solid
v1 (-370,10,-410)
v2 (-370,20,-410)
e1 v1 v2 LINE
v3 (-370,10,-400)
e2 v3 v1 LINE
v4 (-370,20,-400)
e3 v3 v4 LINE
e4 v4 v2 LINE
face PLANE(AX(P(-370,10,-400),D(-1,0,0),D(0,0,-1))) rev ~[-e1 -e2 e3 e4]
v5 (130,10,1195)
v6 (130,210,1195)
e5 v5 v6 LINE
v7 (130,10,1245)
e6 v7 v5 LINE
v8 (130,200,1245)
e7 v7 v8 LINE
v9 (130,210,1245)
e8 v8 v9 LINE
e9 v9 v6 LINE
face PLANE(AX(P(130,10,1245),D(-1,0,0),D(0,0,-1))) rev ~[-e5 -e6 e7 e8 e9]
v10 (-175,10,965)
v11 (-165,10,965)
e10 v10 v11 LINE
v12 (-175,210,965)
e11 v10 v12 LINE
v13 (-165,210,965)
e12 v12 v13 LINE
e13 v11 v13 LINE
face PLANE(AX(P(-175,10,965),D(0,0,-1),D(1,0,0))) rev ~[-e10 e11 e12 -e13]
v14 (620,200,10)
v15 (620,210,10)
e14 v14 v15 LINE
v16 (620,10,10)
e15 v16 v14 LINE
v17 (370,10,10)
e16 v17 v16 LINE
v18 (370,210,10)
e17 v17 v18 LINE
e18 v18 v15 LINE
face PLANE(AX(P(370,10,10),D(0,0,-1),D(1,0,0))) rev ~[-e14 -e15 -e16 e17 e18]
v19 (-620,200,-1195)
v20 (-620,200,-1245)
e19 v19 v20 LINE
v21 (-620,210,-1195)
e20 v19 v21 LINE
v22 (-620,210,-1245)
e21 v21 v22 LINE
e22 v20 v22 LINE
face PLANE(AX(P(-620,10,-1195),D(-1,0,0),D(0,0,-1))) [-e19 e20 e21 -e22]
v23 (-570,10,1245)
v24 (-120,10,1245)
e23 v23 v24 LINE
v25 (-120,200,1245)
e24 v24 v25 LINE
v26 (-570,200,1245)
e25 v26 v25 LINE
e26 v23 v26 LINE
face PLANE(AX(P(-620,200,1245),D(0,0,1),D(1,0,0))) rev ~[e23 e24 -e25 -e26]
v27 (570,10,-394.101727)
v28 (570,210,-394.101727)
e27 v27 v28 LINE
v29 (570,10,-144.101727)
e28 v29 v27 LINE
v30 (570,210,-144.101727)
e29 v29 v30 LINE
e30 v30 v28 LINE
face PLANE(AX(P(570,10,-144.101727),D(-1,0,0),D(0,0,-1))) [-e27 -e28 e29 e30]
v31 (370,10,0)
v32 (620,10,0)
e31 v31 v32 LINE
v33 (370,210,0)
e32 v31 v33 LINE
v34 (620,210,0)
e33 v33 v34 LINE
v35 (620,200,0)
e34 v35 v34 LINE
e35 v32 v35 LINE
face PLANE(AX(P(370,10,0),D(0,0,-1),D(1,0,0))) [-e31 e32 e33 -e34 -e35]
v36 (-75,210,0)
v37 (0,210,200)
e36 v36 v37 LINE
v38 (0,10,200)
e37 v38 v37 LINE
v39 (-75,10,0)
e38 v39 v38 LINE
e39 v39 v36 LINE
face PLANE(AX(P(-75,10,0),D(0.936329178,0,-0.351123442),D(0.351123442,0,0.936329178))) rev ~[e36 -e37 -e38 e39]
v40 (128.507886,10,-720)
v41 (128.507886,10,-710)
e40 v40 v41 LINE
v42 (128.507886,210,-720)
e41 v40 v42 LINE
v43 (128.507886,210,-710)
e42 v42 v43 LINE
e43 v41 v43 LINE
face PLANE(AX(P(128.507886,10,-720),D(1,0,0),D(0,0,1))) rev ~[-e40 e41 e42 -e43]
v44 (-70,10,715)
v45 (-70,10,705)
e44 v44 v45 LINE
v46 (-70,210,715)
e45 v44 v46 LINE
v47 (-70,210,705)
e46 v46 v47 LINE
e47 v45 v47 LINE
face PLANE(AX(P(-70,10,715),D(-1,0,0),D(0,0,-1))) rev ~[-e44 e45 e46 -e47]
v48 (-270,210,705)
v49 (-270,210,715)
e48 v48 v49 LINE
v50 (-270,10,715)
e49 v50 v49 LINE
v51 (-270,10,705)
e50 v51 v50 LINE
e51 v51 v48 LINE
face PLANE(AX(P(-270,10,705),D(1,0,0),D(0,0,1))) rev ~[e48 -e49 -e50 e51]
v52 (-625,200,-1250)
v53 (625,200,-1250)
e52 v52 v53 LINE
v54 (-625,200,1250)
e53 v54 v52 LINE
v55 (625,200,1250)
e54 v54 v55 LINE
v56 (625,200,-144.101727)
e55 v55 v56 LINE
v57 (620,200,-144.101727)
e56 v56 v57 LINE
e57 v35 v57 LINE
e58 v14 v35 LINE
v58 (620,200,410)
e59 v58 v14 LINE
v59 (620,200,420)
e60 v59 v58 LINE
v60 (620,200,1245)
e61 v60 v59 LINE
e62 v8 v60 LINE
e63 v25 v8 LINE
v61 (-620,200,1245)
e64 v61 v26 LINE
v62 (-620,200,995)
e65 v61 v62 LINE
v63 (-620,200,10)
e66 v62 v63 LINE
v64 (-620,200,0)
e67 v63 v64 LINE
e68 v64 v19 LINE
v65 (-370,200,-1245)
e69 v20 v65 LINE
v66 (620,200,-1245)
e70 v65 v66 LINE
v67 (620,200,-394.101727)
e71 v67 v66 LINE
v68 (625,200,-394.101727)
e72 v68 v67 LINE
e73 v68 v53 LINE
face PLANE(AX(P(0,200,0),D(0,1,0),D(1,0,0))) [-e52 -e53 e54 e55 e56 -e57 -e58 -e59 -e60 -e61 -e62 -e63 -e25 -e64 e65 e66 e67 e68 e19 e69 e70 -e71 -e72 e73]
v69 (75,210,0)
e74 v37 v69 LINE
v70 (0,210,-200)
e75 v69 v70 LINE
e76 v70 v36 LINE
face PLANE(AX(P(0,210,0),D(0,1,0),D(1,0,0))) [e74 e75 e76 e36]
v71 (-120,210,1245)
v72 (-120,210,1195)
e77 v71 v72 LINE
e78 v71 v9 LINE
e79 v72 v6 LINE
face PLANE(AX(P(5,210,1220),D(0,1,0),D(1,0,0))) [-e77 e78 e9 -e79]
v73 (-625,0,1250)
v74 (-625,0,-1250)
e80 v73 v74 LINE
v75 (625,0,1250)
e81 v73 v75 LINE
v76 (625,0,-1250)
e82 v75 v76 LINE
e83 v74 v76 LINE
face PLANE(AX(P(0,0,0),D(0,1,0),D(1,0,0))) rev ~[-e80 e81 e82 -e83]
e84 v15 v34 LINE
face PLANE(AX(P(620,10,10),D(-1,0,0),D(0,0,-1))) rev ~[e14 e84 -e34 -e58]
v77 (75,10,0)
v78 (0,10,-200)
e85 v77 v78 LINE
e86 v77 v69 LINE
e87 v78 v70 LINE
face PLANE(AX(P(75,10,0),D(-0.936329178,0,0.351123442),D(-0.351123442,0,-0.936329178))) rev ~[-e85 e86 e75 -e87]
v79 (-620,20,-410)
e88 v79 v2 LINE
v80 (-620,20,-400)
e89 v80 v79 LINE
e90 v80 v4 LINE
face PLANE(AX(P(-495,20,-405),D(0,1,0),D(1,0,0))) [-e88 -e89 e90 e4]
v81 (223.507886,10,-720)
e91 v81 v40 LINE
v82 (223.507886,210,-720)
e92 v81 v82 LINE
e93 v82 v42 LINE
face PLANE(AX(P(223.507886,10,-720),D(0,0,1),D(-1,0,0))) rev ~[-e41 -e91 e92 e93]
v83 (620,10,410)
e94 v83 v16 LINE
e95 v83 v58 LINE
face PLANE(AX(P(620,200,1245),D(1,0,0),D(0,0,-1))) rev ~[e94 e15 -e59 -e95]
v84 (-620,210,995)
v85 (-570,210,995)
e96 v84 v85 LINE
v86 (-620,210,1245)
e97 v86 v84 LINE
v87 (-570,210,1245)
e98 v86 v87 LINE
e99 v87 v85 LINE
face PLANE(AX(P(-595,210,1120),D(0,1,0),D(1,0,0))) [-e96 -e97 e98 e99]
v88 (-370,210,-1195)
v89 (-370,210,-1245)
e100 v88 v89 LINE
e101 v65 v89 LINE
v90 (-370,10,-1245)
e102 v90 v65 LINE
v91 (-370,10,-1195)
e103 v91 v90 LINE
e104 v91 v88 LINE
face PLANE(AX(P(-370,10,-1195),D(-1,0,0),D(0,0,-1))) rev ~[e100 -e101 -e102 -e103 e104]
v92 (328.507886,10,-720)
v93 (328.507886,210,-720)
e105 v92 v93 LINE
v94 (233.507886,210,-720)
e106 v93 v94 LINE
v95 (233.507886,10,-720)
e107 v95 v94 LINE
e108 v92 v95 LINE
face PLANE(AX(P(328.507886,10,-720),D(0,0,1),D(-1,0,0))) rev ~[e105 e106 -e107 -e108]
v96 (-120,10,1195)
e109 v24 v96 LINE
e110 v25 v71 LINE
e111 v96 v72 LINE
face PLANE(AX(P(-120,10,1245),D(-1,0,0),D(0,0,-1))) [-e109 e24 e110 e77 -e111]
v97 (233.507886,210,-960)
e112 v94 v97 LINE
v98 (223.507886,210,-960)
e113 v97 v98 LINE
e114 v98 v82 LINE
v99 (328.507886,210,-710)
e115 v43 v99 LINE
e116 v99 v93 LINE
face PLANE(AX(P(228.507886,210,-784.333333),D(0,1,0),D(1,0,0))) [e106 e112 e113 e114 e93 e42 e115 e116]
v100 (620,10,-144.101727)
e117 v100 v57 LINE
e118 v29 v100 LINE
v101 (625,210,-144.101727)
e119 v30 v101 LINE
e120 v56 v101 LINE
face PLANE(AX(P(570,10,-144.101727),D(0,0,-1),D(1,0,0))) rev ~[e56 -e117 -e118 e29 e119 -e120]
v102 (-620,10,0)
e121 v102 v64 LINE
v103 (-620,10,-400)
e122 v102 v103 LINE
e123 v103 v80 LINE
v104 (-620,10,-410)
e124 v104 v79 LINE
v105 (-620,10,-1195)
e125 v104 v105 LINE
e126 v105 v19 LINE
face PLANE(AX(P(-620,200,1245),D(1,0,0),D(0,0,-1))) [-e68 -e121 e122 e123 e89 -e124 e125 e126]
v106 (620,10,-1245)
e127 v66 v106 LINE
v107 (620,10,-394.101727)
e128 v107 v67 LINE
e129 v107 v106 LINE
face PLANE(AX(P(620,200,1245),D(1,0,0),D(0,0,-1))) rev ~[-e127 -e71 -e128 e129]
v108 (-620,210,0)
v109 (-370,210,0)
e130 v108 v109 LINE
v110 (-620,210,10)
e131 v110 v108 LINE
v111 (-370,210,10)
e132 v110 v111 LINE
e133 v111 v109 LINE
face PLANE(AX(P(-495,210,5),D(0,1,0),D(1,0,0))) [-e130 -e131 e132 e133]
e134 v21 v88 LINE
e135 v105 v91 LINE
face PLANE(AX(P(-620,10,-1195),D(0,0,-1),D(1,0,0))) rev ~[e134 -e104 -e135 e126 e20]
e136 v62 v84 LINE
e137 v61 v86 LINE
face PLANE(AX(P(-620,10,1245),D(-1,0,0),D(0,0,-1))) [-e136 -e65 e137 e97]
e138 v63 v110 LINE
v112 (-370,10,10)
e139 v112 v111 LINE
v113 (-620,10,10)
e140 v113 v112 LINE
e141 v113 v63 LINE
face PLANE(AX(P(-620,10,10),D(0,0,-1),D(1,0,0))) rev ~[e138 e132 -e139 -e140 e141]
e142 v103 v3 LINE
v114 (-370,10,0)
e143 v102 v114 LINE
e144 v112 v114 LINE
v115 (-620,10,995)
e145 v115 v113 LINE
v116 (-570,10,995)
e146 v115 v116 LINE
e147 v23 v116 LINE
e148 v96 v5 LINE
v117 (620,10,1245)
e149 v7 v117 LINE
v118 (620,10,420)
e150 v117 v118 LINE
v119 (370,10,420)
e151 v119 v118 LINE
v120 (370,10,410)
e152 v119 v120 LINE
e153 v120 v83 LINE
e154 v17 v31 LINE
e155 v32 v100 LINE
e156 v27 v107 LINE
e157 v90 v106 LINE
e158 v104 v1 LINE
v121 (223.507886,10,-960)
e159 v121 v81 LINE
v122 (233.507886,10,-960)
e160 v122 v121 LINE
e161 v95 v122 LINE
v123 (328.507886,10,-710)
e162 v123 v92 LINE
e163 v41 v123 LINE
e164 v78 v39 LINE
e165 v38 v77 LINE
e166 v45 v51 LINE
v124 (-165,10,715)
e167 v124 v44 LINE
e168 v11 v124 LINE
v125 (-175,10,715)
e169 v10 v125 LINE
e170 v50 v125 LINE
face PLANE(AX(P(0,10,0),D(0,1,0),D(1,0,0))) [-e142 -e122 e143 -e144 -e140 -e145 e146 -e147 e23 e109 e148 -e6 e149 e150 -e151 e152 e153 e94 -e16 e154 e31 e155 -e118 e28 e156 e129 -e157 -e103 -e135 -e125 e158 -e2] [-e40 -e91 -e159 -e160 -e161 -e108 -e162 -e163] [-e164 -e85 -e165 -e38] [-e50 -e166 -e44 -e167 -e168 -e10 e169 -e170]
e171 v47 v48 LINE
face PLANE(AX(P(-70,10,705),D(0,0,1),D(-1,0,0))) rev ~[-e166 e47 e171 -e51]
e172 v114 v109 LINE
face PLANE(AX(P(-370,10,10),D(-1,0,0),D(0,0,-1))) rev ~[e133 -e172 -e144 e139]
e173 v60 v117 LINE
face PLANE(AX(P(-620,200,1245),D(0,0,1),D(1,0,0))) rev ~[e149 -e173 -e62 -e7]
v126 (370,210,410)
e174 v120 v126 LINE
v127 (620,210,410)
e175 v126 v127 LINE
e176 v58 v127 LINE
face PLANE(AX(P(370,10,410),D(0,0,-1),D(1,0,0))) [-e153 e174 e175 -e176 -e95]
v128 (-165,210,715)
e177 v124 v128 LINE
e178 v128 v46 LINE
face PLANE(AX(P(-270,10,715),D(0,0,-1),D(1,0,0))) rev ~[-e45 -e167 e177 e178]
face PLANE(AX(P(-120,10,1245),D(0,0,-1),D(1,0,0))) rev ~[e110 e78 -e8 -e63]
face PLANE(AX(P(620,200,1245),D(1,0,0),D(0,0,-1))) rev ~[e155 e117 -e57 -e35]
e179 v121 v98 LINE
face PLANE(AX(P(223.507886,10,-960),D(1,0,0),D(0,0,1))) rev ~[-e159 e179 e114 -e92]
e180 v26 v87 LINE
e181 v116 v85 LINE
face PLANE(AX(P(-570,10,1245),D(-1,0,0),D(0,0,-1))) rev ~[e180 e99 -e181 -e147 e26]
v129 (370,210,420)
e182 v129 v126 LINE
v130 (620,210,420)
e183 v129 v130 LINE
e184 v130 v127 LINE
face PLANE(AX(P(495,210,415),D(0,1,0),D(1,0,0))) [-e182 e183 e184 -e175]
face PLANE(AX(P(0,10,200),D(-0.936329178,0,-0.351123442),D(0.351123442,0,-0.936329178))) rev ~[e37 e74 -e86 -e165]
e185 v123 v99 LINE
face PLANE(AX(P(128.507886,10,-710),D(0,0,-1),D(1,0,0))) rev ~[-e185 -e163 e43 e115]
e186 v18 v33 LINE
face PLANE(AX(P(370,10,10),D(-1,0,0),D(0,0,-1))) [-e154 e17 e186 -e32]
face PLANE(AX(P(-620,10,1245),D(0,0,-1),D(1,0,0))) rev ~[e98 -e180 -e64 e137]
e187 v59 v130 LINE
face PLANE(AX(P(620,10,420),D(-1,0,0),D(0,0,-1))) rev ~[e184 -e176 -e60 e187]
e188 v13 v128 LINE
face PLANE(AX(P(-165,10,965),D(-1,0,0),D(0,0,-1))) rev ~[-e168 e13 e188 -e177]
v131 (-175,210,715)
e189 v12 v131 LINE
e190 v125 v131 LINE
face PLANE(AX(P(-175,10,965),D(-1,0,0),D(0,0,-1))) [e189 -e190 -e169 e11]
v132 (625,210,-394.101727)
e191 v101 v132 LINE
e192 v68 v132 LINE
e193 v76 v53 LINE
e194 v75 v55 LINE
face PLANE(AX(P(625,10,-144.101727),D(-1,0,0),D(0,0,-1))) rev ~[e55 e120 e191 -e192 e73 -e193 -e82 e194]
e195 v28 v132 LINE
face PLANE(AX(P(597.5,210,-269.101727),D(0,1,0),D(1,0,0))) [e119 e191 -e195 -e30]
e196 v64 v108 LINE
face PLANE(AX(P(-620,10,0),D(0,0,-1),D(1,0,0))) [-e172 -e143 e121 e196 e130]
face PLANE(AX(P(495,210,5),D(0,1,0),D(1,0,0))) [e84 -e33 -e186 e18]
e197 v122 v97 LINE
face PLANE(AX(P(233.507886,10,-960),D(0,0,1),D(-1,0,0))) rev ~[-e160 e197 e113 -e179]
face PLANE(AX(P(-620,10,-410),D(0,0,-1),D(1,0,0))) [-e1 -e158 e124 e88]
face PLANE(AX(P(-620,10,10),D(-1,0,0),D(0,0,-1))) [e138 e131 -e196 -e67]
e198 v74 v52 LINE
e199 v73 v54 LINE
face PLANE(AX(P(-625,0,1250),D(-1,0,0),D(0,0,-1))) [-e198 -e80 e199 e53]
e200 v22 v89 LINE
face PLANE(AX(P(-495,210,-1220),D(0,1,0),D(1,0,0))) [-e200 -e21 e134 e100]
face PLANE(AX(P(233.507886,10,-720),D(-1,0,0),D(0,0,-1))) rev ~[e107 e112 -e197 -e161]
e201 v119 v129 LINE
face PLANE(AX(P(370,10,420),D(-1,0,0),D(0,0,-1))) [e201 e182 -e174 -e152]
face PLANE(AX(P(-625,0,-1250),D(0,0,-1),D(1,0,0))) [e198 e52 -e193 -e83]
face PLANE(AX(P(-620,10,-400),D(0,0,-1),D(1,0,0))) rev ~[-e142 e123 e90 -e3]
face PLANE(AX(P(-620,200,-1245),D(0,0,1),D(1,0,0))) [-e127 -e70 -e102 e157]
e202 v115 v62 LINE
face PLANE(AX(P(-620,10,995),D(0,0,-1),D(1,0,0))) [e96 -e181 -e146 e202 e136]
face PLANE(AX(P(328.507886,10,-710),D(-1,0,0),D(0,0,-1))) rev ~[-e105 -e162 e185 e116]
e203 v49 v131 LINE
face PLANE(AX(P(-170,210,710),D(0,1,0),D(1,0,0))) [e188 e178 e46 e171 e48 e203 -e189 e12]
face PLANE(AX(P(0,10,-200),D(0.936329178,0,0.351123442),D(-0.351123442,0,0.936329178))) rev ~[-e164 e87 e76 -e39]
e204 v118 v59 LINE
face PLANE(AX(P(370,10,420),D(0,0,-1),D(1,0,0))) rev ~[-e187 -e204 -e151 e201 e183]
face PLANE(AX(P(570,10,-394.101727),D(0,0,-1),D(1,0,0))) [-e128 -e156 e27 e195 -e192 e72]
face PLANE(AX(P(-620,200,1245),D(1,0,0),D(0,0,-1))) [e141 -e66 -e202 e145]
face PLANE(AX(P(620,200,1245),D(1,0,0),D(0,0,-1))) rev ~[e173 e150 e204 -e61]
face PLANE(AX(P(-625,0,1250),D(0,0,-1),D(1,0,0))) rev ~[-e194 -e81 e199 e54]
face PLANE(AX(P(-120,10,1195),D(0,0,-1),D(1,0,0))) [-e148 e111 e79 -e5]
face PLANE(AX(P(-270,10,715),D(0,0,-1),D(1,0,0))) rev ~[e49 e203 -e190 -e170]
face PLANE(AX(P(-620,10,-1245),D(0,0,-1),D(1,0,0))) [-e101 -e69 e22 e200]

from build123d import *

# Parameters (mm, degrees)
SKETCH1_W            = 1250
SKETCH1_H            = 2500
BOSS_EXTRUDE1_DEPTH  = 200
SKETCH2_W            = 1240
SKETCH2_H            = 2490
CUT_EXTRUDE1_DEPTH   = 190
BOSS_EXTRUDE2_DEPTH  = 200
SKETCH8_W            = 10
SKETCH8_H            = 250
BOSS_EXTRUDE3_DEPTH  = 200
SKETCH10_W           = 250
SKETCH10_H           = 10
BOSS_EXTRUDE4_DEPTH  = 200
BOSS_EXTRUDE8_DEPTH  = 200
SKETCH11_W           = 250
SKETCH11_H           = 10
BOSS_EXTRUDE5_DEPTH  = 200
SKETCH12_W           = 250
SKETCH12_H           = 10
BOSS_EXTRUDE6_DEPTH  = 200
SKETCH18_W           = 250
SKETCH18_H           = 10
BOSS_EXTRUDE9_DEPTH  = 10
BOSS_EXTRUDE10_DEPTH = 200
SKETCH23_W           = 50
SKETCH23_H           = 250
BOSS_EXTRUDE11_DEPTH = 200
SKETCH24_W           = 250
SKETCH24_H           = 50
BOSS_EXTRUDE12_DEPTH = 200
SKETCH25_W           = 250
SKETCH25_H           = 50
BOSS_EXTRUDE13_DEPTH = 200
SKETCH26_W           = 55
SKETCH26_H           = 250
BOSS_EXTRUDE14_DEPTH = 200


with BuildPart() as part:
    # Sketch1 → Boss-Extrude1 (new body)
    with BuildSketch(Plane(origin=(0, 0, 0), x_dir=(1, 0, 0), z_dir=(0, 1, 0))):
        Rectangle(SKETCH1_W, SKETCH1_H)
    extrude(amount=BOSS_EXTRUDE1_DEPTH)

    # Sketch2 → Cut-Extrude1 (cut)
    with BuildSketch(Plane(origin=(0, 200, 0), x_dir=(1, 0, 0), z_dir=(0, 1, 0))):
        Rectangle(SKETCH2_W, SKETCH2_H)
    extrude(amount=-CUT_EXTRUDE1_DEPTH, mode=Mode.SUBTRACT)

    # Sketch7 → Boss-Extrude2 (add)
    with BuildSketch(Plane(origin=(0, 10, 0), x_dir=(1, 0, 0), z_dir=(0, 1, 0))):
        Polygon((-170, -705), (-270, -705), (-270, -715), (-117.906694844, -715), (-70, -715), (-70, -705), align=None)
    extrude(amount=BOSS_EXTRUDE2_DEPTH)

    # Sketch8 → Boss-Extrude3 (add)
    with BuildSketch(Plane(origin=(0, 10, 0), x_dir=(1, 0, 0), z_dir=(0, 1, 0))):
        with Locations((-170, -840)):
            Rectangle(SKETCH8_W, SKETCH8_H)
    extrude(amount=BOSS_EXTRUDE3_DEPTH)

    # Sketch10 → Boss-Extrude4 (add)
    with BuildSketch(Plane(origin=(0, 10, 0), x_dir=(1, 0, 0), z_dir=(0, 1, 0))):
        with Locations((-495, -5)):
            Rectangle(SKETCH10_W, SKETCH10_H)
    extrude(amount=BOSS_EXTRUDE4_DEPTH)

    # Sketch17 → Boss-Extrude8 (add)
    with BuildSketch(Plane(origin=(0, 10, 0), x_dir=(1, 0, 0), z_dir=(0, 1, 0))):
        Polygon((0, 200), (-75, 0), (0, -200), (75, 0), align=None)
    extrude(amount=BOSS_EXTRUDE8_DEPTH)

    # Sketch11 → Boss-Extrude5 (add)
    with BuildSketch(Plane(origin=(0, 10, 0), x_dir=(1, 0, 0), z_dir=(0, 1, 0))):
        with Locations((495, -5)):
            Rectangle(SKETCH11_W, SKETCH11_H)
    extrude(amount=BOSS_EXTRUDE5_DEPTH)

    # Sketch12 → Boss-Extrude6 (add)
    with BuildSketch(Plane(origin=(0, 10, 0), x_dir=(1, 0, 0), z_dir=(0, 1, 0))):
        with Locations((495, -415)):
            Rectangle(SKETCH12_W, SKETCH12_H)
    extrude(amount=BOSS_EXTRUDE6_DEPTH)

    # Sketch18 → Boss-Extrude9 (add)
    with BuildSketch(Plane(origin=(0, 10, 0), x_dir=(1, 0, 0), z_dir=(0, 1, 0))):
        with Locations((-495, 405)):
            Rectangle(SKETCH18_W, SKETCH18_H)
    extrude(amount=BOSS_EXTRUDE9_DEPTH)

    # Sketch21 → Boss-Extrude10 (add)
    with BuildSketch(Plane(origin=(0, 10, 0), x_dir=(1, 0, 0), z_dir=(0, 1, 0))):
        Polygon((170, 710), (328.507885592, 710), (328.507885592, 720), (233.507885592, 720), (233.507885592, 960), (223.507885592, 960), (223.507885592, 720), (128.507885592, 720), (128.507885592, 710), align=None)
    extrude(amount=BOSS_EXTRUDE10_DEPTH)

    # Sketch23 → Boss-Extrude11 (add)
    with BuildSketch(Plane(origin=(0, 10, 0), x_dir=(1, 0, 0), z_dir=(0, 1, 0))):
        with Locations((-595, -1120)):
            Rectangle(SKETCH23_W, SKETCH23_H)
    extrude(amount=BOSS_EXTRUDE11_DEPTH)

    # Sketch24 → Boss-Extrude12 (add)
    with BuildSketch(Plane(origin=(0, 10, 0), x_dir=(1, 0, 0), z_dir=(0, 1, 0))):
        with Locations((5, -1220)):
            Rectangle(SKETCH24_W, SKETCH24_H)
    extrude(amount=BOSS_EXTRUDE12_DEPTH)

    # Sketch25 → Boss-Extrude13 (add)
    with BuildSketch(Plane(origin=(0, 10, 0), x_dir=(1, 0, 0), z_dir=(0, 1, 0))):
        with Locations((-495, 1220)):
            Rectangle(SKETCH25_W, SKETCH25_H)
    extrude(amount=BOSS_EXTRUDE13_DEPTH)

    # Sketch26 → Boss-Extrude14 (add)
    with BuildSketch(Plane(origin=(0, 10, 0), x_dir=(1, 0, 0), z_dir=(0, 1, 0))):
        with Locations((597.5, 269.101726834)):
            Rectangle(SKETCH26_W, SKETCH26_H)
    extrude(amount=BOSS_EXTRUDE14_DEPTH)


solid = part.part
